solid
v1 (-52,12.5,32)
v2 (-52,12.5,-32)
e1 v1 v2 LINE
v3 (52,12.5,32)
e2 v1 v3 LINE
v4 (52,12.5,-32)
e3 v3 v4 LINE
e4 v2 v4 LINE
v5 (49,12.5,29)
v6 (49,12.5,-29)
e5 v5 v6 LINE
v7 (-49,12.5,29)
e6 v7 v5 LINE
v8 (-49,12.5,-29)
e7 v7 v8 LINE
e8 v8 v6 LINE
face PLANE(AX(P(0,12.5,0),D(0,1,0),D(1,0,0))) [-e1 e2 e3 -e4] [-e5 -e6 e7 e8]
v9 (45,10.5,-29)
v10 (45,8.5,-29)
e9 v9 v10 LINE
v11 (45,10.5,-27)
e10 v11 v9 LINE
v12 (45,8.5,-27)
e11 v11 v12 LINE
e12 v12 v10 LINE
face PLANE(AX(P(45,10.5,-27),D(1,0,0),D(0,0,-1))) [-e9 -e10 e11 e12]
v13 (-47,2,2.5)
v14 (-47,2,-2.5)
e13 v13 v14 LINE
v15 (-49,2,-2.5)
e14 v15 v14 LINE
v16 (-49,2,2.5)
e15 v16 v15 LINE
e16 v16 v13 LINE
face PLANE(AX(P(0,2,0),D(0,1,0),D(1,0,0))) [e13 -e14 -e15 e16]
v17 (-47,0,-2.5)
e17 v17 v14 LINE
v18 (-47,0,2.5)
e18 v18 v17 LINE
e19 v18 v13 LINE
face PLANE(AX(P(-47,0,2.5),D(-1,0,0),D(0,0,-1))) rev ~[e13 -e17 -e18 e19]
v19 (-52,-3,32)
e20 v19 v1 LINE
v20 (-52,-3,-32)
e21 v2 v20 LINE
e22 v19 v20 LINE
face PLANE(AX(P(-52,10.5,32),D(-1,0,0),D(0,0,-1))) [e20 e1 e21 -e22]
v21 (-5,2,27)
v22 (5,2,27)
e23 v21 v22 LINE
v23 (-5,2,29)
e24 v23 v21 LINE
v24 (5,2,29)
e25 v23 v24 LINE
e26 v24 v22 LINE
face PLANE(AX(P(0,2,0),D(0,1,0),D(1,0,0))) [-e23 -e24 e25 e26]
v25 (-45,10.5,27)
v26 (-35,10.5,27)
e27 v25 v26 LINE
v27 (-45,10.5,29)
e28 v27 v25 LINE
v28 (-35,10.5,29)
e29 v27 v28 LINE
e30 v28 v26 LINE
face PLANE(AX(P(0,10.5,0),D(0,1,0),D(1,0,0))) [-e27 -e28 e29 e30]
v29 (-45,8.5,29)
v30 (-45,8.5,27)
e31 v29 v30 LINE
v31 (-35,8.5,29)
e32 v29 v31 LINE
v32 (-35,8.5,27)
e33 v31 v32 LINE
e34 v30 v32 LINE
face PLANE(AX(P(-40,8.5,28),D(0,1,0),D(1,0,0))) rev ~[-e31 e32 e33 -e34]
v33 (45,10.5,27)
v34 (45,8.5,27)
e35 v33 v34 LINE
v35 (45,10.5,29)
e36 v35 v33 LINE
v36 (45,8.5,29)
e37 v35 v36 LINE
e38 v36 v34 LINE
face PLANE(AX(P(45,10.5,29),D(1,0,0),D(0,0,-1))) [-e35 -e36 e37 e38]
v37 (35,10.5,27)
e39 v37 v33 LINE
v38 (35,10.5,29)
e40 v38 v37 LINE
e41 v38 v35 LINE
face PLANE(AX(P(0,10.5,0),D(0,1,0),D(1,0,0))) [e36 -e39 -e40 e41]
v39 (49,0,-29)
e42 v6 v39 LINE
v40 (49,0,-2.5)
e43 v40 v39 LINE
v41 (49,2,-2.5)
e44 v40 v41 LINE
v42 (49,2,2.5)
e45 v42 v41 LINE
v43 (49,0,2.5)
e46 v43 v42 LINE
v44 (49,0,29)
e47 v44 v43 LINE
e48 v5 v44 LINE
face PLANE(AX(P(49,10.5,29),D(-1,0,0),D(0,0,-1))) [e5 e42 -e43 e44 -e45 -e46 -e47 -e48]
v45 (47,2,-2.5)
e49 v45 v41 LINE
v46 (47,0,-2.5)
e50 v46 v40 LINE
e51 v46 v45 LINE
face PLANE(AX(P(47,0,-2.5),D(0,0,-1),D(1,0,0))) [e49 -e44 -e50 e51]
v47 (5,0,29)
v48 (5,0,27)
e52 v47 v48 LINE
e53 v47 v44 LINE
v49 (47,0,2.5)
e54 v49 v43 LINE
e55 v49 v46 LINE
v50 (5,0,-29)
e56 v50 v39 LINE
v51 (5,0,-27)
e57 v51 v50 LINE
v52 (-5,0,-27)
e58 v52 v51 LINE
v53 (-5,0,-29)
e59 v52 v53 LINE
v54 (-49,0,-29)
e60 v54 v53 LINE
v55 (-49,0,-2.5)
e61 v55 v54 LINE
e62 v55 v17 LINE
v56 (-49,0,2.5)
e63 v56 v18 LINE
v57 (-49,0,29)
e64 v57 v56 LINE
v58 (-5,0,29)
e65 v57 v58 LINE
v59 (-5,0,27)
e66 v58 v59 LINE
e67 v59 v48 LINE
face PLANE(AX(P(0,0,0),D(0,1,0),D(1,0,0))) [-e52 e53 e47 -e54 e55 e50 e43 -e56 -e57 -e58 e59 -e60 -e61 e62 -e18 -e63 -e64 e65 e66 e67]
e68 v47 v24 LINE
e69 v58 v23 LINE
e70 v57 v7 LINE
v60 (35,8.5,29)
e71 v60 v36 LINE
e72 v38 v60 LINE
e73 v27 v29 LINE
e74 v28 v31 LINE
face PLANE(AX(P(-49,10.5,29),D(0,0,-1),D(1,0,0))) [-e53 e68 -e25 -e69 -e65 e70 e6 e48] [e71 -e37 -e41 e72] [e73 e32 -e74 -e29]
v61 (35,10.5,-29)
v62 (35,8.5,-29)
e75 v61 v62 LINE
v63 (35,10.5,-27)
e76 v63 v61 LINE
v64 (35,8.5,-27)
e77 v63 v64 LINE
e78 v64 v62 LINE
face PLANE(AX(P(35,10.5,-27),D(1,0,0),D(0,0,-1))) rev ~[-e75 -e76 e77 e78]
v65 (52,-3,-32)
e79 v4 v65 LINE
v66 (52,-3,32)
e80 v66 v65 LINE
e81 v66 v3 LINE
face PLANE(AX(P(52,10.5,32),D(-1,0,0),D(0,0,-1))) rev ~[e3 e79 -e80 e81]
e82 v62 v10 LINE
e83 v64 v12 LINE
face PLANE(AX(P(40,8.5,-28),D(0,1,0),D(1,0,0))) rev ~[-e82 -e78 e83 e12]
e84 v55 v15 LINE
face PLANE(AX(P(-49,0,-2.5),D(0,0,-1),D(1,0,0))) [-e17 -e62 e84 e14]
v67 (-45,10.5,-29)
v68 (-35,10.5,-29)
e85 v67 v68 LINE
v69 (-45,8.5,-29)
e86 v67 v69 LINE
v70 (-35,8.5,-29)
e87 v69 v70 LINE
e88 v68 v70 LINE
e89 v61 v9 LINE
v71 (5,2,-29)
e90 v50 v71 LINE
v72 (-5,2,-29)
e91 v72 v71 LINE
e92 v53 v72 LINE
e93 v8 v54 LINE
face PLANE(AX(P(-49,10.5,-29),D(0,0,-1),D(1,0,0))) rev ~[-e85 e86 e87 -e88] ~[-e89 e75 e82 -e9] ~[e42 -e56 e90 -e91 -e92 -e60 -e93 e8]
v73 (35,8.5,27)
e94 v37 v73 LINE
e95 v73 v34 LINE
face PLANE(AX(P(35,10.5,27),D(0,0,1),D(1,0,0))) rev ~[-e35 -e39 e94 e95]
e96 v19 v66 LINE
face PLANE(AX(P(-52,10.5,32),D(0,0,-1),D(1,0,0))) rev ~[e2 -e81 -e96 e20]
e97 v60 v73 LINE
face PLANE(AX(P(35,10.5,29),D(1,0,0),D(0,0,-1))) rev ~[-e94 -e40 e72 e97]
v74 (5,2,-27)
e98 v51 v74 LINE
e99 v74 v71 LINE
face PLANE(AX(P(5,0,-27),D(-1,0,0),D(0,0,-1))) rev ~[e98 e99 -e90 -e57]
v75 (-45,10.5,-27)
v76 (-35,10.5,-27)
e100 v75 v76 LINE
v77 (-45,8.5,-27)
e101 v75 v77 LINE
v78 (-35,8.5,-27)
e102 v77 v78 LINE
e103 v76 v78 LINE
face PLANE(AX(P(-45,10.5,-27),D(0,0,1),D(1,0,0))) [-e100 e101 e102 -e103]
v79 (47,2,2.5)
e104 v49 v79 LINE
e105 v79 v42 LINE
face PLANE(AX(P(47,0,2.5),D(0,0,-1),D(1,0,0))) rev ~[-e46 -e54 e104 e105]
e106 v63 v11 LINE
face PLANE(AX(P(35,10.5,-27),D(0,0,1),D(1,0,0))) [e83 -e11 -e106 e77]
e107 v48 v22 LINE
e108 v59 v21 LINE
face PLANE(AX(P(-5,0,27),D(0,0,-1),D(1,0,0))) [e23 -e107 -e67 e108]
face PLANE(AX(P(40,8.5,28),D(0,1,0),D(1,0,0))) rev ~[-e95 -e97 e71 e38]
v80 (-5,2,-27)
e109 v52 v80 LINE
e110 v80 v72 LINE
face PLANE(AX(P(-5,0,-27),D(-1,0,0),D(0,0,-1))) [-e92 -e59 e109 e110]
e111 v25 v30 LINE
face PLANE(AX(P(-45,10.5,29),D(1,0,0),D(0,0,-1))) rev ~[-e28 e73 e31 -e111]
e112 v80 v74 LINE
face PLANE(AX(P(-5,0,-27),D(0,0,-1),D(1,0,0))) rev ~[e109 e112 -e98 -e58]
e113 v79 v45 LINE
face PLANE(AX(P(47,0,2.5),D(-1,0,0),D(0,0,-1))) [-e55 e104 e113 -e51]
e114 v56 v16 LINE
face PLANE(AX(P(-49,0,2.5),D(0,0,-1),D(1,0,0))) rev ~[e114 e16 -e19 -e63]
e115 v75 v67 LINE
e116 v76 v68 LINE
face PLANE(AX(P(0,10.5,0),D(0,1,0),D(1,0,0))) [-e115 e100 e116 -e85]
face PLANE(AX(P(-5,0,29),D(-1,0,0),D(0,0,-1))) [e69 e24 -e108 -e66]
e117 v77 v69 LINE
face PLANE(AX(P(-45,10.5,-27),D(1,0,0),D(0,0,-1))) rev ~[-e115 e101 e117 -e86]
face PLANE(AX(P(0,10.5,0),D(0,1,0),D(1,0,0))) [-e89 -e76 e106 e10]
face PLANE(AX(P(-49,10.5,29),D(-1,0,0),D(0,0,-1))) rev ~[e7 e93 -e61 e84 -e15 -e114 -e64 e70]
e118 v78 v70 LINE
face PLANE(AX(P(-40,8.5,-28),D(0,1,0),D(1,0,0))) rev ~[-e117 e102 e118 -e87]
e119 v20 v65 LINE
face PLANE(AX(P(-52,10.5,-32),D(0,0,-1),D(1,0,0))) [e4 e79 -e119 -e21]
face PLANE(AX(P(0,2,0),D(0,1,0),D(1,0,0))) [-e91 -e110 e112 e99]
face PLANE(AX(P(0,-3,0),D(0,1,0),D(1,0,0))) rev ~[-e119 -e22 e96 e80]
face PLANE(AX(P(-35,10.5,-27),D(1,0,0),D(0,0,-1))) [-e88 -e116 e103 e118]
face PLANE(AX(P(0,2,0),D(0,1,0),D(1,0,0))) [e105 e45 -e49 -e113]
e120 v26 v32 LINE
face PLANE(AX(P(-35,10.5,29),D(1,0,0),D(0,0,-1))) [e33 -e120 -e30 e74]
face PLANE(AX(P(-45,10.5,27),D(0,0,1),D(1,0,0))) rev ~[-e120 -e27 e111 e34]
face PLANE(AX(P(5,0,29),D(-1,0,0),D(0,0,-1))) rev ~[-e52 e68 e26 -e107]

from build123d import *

# Parameters (mm, degrees)
SKETCH_1_W      = 104
SKETCH_1_H      = 64
SKETCH_1_W_2    = 98
SKETCH_1_H_2    = 58
EXTRUDE_1_DEPTH = 2
SKETCH_1_3_W    = 104
SKETCH_1_3_H    = 64
EXTRUDE_2_DEPTH = 3
SKETCH_2_W      = 2
SKETCH_2_H      = 5
SKETCH_2_W_2    = 10
SKETCH_2_H_2    = 2
EXTRUDE_3_DEPTH = 2
EXTRUDE_START   = 2
SKETCH_1_4_W    = 104
SKETCH_1_4_H    = 64
SKETCH_1_4_W_2  = 98
SKETCH_1_4_H_2  = 58
EXTRUDE_4_DEPTH = 8.5
SKETCH_3_W      = 10
SKETCH_3_H      = 2
EXTRUDE_5_DEPTH = 2
EXTRUDE_START_2 = 10.5
SKETCH_1_5_W    = 104
SKETCH_1_5_H    = 64
SKETCH_1_5_W_2  = 98
SKETCH_1_5_H_2  = 58
EXTRUDE_6_DEPTH = 2


with BuildPart() as part:
    # 草图1 → 凸台-拉伸1 (new body)
    with BuildSketch(Plane(origin=(0, 0, 0), x_dir=(1, 0, 0), z_dir=(0, 1, 0))):
        Rectangle(SKETCH_1_W, SKETCH_1_H)
        Rectangle(SKETCH_1_W_2, SKETCH_1_H_2, mode=Mode.SUBTRACT)
    extrude(amount=EXTRUDE_1_DEPTH)

    # 草图1<3> → 凸台-拉伸2 (add)
    with BuildSketch(Plane(origin=(0, 0, 0), x_dir=(1, 0, 0), z_dir=(0, 1, 0))):
        Rectangle(SKETCH_1_3_W, SKETCH_1_3_H)
    extrude(amount=-EXTRUDE_2_DEPTH)

    # 草图2 → 凸台-拉伸3 (add)
    with BuildSketch(Plane(origin=(0, 0, 0), x_dir=(1, 0, 0), z_dir=(0, 1, 0))):
        with Locations((-48, 0)):
            Rectangle(SKETCH_2_W, SKETCH_2_H)
        with Locations((48, 0)):
            Rectangle(SKETCH_2_W, SKETCH_2_H)
        with Locations((0, 28)):
            Rectangle(SKETCH_2_W_2, SKETCH_2_H_2)
        with Locations((0, -28)):
            Rectangle(SKETCH_2_W_2, SKETCH_2_H_2)
    extrude(amount=EXTRUDE_3_DEPTH)

    # 草图1<4> → 凸台-拉伸4 (add)
    with BuildSketch(Plane(origin=(0, 0, 0), x_dir=(1, 0, 0), z_dir=(0, 1, 0)).offset(EXTRUDE_START)):
        Rectangle(SKETCH_1_4_W, SKETCH_1_4_H)
        Rectangle(SKETCH_1_4_W_2, SKETCH_1_4_H_2, mode=Mode.SUBTRACT)
    extrude(amount=EXTRUDE_4_DEPTH)

    # 草图3 → 凸台-拉伸5 (add)
    with BuildSketch(Plane(origin=(0, 10.5, 0), x_dir=(1, 0, 0), z_dir=(0, 1, 0))):
        with Locations((40, -28)):
            Rectangle(SKETCH_3_W, SKETCH_3_H)
        with Locations((-40, -28)):
            Rectangle(SKETCH_3_W, SKETCH_3_H)
        with Locations((40, 28)):
            Rectangle(SKETCH_3_W, SKETCH_3_H)
        with Locations((-40, 28)):
            Rectangle(SKETCH_3_W, SKETCH_3_H)
    extrude(amount=-EXTRUDE_5_DEPTH)

    # 草图1<5> → 凸台-拉伸6 (add)
    with BuildSketch(Plane(origin=(0, 0, 0), x_dir=(1, 0, 0), z_dir=(0, 1, 0)).offset(EXTRUDE_START_2)):
        Rectangle(SKETCH_1_5_W, SKETCH_1_5_H)
        Rectangle(SKETCH_1_5_W_2, SKETCH_1_5_H_2, mode=Mode.SUBTRACT)
    extrude(amount=EXTRUDE_6_DEPTH)


solid = part.part
